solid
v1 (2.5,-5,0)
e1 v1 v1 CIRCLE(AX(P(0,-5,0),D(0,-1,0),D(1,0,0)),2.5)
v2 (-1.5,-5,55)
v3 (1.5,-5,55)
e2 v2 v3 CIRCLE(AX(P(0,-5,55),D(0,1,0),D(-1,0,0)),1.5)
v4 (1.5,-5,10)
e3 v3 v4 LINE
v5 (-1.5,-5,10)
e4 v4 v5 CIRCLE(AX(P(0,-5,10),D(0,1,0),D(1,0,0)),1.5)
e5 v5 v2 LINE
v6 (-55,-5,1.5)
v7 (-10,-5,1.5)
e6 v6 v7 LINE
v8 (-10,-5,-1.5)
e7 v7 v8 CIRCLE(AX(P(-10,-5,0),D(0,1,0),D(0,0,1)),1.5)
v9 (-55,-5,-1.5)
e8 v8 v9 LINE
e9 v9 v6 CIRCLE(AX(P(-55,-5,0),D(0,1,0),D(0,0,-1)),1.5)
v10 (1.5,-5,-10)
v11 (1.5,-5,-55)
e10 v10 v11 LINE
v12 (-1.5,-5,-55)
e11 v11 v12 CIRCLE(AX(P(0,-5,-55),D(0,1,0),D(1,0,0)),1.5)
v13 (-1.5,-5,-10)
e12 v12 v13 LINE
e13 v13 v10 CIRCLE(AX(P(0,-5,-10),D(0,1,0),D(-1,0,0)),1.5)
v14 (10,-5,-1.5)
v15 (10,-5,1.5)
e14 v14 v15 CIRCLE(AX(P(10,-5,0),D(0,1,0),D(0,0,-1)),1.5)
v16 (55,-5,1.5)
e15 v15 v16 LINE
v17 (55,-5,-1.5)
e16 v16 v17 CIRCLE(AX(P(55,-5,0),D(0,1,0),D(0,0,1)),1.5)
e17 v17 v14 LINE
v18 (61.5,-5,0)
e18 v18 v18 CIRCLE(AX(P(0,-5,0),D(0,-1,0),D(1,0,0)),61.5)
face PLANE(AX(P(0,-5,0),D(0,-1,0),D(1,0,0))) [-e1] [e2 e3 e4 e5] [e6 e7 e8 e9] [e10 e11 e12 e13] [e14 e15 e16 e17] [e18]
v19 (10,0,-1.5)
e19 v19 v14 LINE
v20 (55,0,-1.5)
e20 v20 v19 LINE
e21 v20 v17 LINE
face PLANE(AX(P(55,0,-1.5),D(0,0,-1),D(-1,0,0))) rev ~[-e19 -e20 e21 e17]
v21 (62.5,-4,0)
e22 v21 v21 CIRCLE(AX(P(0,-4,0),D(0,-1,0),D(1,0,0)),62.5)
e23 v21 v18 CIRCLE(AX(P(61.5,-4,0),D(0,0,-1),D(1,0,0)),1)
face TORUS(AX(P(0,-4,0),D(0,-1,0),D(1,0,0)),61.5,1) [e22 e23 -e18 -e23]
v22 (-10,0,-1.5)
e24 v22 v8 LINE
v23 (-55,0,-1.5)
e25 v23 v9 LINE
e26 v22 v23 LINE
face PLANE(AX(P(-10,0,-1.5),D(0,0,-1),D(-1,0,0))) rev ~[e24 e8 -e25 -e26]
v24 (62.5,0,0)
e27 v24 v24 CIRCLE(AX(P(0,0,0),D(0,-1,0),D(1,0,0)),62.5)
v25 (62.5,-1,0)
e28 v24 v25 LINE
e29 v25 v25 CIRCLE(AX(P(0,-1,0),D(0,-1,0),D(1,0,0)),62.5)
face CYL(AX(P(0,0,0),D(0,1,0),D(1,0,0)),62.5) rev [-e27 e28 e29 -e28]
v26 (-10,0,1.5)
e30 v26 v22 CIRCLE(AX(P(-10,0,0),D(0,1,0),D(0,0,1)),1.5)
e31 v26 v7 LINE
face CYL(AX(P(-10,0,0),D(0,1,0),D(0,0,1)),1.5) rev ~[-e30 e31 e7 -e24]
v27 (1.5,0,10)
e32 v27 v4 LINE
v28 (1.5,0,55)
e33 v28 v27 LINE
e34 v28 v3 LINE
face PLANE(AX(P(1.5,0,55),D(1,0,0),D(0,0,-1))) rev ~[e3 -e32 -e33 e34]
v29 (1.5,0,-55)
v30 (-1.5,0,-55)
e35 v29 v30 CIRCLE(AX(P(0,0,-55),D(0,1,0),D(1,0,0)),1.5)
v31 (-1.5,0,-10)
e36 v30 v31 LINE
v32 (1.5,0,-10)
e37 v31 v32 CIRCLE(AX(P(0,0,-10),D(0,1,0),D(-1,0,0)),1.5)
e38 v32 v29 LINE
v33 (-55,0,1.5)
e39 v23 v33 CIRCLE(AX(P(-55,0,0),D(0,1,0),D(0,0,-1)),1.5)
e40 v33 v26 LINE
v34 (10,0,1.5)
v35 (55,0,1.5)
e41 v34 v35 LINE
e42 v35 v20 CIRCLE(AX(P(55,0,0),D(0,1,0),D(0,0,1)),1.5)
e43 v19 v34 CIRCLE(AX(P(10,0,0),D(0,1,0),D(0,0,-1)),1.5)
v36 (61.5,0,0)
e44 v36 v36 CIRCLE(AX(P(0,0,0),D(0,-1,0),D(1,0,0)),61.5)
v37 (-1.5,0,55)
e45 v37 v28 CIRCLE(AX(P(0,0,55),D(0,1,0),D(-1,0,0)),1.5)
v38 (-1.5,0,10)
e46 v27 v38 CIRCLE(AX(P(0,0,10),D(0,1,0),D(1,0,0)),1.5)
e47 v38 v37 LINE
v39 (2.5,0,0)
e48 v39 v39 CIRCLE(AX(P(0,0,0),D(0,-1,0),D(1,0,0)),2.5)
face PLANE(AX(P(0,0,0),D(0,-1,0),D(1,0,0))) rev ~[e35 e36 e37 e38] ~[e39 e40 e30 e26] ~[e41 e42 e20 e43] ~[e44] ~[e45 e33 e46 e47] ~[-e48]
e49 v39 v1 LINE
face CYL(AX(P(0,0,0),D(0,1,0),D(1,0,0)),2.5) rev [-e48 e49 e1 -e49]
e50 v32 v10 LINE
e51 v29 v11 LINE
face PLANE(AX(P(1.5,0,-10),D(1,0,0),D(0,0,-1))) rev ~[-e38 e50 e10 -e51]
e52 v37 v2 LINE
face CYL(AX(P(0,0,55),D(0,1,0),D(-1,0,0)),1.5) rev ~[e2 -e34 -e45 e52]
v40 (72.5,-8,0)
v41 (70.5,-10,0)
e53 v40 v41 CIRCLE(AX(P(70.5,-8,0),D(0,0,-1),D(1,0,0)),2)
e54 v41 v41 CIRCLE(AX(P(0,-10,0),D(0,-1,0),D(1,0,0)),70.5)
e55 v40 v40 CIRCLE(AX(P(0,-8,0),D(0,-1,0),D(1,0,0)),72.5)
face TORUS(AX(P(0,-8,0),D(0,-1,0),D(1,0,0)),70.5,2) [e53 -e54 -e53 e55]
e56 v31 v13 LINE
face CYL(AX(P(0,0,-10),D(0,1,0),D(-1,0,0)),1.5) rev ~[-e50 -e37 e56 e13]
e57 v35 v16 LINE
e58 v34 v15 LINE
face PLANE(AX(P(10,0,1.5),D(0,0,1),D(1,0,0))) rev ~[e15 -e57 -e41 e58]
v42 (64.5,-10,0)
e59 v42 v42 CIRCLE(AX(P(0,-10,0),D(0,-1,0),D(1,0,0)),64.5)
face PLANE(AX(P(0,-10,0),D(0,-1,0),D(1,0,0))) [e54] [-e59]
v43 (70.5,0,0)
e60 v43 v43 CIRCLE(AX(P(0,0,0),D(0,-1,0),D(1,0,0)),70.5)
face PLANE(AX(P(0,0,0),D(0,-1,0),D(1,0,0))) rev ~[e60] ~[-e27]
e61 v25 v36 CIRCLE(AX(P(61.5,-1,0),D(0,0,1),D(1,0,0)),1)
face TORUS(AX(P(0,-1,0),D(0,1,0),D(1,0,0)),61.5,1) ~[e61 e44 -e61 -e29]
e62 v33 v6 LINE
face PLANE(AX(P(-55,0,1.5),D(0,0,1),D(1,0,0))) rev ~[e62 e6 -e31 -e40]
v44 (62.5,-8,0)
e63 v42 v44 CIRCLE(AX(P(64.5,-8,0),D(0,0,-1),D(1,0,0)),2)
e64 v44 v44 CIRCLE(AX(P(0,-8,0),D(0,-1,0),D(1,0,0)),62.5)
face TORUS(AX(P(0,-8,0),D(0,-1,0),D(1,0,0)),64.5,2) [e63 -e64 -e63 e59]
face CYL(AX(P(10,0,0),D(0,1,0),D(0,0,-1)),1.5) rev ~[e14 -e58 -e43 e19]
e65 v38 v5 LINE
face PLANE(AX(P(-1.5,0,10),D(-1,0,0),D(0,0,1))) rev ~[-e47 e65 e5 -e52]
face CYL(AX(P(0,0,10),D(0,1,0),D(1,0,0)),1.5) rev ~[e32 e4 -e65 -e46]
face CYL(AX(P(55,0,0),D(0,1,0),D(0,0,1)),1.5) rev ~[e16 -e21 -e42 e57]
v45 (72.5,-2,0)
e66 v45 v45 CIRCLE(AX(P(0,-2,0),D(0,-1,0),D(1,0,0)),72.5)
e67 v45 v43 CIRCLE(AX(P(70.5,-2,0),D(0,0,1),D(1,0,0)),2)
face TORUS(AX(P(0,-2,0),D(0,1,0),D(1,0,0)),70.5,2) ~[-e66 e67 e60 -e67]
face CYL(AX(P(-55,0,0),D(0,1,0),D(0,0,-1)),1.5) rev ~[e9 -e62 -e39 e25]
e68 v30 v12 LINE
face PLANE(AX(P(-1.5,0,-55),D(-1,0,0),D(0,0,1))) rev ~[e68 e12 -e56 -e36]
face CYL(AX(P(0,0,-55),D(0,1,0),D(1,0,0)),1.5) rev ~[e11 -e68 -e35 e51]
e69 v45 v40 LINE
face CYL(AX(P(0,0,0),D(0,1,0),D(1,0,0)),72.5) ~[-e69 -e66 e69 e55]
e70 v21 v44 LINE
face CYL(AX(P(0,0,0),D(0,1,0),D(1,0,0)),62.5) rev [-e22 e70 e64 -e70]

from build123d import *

# Parameters (mm, degrees)
F0_R     = 62.5
F0_R_2   = 2.5
F1_DEPTH = 5
F2_R     = 1
F0_R_3   = 72.5
F3_DEPTH = 10
F4_R     = 2


with BuildPart() as f1:
    # F0 (on Front) → F1 (new body)
    with BuildSketch(Plane.XZ):
        Circle(F0_R)
        with BuildLine():
            ThreePointArc((-1.5, -10), (0, -8.5), (1.5, -10))
            Line((1.5, -10), (1.5, -55))
            ThreePointArc((1.5, -55), (0, -56.5), (-1.5, -55))
            Line((-1.5, -55), (-1.5, -10))
        make_face(mode=Mode.SUBTRACT)
        with BuildLine():
            ThreePointArc((-10, 1.5), (-8.5, 0), (-10, -1.5))
            Line((-10, -1.5), (-55, -1.5))
            ThreePointArc((-55, -1.5), (-56.5, 0), (-55, 1.5))
            Line((-55, 1.5), (-10, 1.5))
        make_face(mode=Mode.SUBTRACT)
        Circle(F0_R_2, mode=Mode.SUBTRACT)
        with BuildLine():
            Line((55, -1.5), (10, -1.5))
            ThreePointArc((10, -1.5), (8.5, 0), (10, 1.5))
            Line((10, 1.5), (55, 1.5))
            ThreePointArc((55, 1.5), (56.5, 0), (55, -1.5))
        make_face(mode=Mode.SUBTRACT)
        with BuildLine():
            Line((1.5, 55), (1.5, 10))
            ThreePointArc((1.5, 10), (0, 8.5), (-1.5, 10))
            Line((-1.5, 10), (-1.5, 55))
            ThreePointArc((-1.5, 55), (0, 56.5), (1.5, 55))
        make_face(mode=Mode.SUBTRACT)
    extrude(amount=F1_DEPTH)

    # F2
    f2_edges = [f1.edges().sort_by_distance(p)[0] for p in [
        (-62.5, -5, 0),
        (-62.5, 0, 0),
    ]]
    fillet(f2_edges, radius=F2_R)

    # F0 (on Front) → F3 (join)
    with BuildSketch(Plane.XZ):
        Circle(F0_R_3)
        Circle(F0_R, mode=Mode.SUBTRACT)
    extrude(amount=F3_DEPTH)

    # F4
    f4_edges = [f1.edges().sort_by_distance(p)[0] for p in [
        (-61.5, -5, 0),
        (-62.5, -10, 0),
        (-72.5, -10, 0),
        (-72.5, 0, 0),
    ]]
    fillet(f4_edges, radius=F4_R)


solid = f1.part
